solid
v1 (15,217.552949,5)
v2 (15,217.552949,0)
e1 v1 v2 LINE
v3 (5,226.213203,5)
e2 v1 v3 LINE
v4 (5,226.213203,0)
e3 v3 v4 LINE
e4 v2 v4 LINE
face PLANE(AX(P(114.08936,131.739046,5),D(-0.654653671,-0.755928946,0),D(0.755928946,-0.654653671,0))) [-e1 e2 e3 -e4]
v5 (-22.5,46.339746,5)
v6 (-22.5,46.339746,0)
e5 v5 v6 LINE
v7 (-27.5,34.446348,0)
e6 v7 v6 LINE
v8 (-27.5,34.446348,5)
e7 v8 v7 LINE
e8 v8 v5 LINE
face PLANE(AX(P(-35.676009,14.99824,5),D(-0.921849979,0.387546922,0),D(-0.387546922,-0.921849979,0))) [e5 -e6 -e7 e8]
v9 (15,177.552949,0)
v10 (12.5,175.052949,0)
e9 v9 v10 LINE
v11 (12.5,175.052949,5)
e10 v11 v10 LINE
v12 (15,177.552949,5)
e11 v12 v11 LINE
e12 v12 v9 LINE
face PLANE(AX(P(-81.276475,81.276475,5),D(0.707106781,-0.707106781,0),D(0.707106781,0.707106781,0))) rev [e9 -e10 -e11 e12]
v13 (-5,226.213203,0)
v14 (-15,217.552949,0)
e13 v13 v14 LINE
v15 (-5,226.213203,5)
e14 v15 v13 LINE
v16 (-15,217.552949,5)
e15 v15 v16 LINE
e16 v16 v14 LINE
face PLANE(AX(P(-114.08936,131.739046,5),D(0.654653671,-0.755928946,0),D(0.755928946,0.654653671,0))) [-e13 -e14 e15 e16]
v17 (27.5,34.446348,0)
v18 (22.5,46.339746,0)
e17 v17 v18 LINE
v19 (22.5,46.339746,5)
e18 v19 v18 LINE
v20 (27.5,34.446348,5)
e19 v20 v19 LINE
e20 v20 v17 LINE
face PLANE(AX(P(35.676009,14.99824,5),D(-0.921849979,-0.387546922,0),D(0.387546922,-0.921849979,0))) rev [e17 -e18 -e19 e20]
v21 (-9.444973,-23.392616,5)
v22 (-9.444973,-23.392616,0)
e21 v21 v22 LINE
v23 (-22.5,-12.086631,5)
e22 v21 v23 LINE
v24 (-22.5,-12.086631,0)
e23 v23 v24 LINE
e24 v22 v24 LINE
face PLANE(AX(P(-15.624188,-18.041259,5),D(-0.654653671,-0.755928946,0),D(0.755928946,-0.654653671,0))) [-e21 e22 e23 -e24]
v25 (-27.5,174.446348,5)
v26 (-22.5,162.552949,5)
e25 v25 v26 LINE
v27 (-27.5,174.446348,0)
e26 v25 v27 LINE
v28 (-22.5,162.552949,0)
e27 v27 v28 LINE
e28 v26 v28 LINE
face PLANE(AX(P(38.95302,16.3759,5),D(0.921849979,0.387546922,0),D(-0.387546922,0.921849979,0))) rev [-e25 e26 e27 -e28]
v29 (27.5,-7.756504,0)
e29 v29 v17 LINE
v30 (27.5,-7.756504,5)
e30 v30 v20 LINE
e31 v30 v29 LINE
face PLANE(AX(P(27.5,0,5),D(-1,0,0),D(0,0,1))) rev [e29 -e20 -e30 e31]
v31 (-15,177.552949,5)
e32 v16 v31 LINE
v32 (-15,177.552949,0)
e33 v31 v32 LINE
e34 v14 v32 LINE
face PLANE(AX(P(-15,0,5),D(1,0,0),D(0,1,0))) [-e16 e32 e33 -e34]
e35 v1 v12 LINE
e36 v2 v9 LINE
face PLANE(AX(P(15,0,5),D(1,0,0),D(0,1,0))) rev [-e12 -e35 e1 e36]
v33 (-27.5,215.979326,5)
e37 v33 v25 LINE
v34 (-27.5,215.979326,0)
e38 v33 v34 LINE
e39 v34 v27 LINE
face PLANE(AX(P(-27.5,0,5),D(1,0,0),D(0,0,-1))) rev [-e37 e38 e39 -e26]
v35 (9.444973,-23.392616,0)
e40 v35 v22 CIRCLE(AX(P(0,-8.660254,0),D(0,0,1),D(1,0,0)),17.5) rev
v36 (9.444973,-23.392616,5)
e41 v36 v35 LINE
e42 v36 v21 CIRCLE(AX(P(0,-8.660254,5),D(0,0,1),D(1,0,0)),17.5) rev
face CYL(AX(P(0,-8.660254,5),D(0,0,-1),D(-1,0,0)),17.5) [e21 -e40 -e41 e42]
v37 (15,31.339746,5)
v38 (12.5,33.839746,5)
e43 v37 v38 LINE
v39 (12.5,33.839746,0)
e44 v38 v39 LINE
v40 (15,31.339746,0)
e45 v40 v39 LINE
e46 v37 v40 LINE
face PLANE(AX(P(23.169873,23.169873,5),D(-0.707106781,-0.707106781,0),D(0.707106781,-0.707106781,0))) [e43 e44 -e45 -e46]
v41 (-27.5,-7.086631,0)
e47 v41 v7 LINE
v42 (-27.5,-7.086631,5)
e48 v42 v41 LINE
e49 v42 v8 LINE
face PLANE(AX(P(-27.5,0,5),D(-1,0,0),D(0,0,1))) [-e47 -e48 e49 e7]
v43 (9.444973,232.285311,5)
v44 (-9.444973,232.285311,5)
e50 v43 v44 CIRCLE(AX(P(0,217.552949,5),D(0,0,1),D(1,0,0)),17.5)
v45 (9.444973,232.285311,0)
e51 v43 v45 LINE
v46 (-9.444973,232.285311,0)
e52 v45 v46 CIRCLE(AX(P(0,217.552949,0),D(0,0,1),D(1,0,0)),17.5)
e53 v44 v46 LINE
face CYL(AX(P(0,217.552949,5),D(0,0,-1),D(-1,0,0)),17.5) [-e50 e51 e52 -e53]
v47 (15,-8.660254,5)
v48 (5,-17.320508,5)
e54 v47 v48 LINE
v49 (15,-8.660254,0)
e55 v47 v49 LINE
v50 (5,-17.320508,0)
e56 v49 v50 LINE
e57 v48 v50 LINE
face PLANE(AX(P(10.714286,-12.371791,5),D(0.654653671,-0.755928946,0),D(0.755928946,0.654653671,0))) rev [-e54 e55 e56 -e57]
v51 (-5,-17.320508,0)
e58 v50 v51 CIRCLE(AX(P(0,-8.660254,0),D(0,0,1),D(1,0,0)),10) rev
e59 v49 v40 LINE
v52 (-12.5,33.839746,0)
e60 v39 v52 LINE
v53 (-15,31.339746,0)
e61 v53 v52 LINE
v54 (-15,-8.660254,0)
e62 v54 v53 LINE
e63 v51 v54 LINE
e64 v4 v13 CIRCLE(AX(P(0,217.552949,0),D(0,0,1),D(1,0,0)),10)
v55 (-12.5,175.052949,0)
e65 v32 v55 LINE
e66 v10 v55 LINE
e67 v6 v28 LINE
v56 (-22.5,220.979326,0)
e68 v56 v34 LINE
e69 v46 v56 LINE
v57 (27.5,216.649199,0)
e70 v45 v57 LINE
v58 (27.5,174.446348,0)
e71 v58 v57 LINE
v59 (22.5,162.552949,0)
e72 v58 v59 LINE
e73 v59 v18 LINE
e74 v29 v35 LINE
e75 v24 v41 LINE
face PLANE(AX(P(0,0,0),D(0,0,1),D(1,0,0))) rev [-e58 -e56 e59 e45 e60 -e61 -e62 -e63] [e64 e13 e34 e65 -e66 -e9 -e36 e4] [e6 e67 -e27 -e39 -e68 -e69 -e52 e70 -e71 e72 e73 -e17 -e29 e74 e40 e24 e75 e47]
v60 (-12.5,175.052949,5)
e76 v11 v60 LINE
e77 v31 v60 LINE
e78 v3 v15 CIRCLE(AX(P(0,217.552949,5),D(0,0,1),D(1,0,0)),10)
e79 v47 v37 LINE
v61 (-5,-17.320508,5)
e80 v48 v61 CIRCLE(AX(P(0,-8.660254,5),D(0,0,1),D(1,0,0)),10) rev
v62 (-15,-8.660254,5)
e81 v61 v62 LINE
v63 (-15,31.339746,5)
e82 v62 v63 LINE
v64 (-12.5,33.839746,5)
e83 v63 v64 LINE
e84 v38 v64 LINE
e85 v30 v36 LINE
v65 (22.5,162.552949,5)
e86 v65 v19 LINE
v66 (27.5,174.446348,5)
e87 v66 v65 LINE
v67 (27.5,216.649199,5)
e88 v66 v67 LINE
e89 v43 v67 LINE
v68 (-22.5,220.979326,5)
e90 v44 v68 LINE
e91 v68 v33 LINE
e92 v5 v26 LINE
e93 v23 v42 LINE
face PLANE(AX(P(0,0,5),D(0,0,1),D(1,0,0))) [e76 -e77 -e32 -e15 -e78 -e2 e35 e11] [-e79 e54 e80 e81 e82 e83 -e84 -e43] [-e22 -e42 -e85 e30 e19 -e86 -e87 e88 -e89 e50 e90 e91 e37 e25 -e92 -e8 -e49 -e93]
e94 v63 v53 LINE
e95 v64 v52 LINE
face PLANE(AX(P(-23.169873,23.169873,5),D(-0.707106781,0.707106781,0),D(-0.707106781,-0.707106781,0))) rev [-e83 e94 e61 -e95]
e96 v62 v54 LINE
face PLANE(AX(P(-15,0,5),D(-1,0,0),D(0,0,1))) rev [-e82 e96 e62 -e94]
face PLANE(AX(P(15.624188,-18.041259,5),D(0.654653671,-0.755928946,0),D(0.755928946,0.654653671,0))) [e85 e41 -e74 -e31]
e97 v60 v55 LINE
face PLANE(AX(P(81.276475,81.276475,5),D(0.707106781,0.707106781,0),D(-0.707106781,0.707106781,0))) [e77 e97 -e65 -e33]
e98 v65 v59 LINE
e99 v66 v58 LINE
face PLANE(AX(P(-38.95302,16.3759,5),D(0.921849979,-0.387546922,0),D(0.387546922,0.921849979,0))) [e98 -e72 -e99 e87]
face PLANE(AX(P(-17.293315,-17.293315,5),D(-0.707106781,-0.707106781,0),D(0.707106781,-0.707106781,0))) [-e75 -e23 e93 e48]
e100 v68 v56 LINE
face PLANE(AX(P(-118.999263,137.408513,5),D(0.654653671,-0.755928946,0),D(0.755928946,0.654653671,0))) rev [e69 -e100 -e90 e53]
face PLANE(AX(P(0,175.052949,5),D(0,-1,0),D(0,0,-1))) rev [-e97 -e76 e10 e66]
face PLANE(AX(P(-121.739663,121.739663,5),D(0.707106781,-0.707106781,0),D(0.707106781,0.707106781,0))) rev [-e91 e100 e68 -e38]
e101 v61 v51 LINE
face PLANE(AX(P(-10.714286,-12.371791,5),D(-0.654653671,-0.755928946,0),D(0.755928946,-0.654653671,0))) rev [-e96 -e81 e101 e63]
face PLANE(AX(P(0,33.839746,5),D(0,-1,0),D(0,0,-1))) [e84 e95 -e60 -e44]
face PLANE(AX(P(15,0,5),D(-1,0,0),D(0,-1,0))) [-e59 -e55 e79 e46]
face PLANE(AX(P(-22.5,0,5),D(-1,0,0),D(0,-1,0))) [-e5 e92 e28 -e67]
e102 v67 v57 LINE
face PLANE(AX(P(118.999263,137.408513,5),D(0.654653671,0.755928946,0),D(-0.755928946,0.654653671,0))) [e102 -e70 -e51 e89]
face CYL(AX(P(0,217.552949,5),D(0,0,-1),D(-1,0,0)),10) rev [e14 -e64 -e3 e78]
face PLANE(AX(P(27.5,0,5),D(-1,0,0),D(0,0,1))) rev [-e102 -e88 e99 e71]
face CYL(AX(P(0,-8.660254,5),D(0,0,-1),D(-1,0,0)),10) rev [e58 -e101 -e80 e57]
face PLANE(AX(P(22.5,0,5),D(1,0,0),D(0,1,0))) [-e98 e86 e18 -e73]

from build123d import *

# Parameters (mm, degrees)
BOSS_EXTRUDE1_DEPTH = 5


with BuildPart() as part:
    # Sketch1 → Boss-Extrude1 (new body)
    with BuildSketch(Plane.XY):
        with BuildLine():
            ThreePointArc((9.444973397, -23.392615611), (0, -26.160254038), (-9.444973397, -23.392615611))
            Line((-9.444973397, -23.392615611), (-22.5, -12.086630926))
            Line((-22.5, -12.086630926), (-22.5, 34.44634768))
            Line((-22.5, 34.44634768), (-15.606601718, 41.339745962))
            Line((-15.606601718, 41.339745962), (15.606601718, 41.339745962))
            Line((15.606601718, 41.339745962), (22.5, 34.44634768))
            Line((22.5, 34.44634768), (22.5, -12.086630926))
            Line((22.5, -12.086630926), (9.444973397, -23.392615611))
        make_face()
        with BuildLine():
            Line((15, -8.660254038), (5, -17.320508076))
            ThreePointArc((5, -17.320508076), (0, -18.660254038), (-5, -17.320508076))
            Line((-5, -17.320508076), (-15, -8.660254038))
            Line((-15, -8.660254038), (-15, 31.339745962))
            Line((-15, 31.339745962), (-12.5, 33.839745962))
            Line((-12.5, 33.839745962), (12.5, 33.839745962))
            Line((12.5, 33.839745962), (15, 31.339745962))
            Line((15, 31.339745962), (15, -8.660254038))
        make_face(mode=Mode.SUBTRACT)
        Polygon((22.5, 174.44634768), (15.606601718, 167.552949398), (-15.606601718, 167.552949398), (-22.5, 174.44634768), (-22.5, 34.44634768), (-15.606601718, 41.339745962), (15.606601718, 41.339745962), (22.5, 34.44634768), align=None)
        with BuildLine():
            Line((22.5, 220.979326286), (9.444973397, 232.285310971))
            ThreePointArc((9.444973397, 232.285310971), (0, 235.052949398), (-9.444973397, 232.285310971))
            Line((-9.444973397, 232.285310971), (-22.5, 220.979326286))
            Line((-22.5, 220.979326286), (-22.5, 174.44634768))
            Line((-22.5, 174.44634768), (-15.606601718, 167.552949398))
            Line((-15.606601718, 167.552949398), (15.606601718, 167.552949398))
            Line((15.606601718, 167.552949398), (22.5, 174.44634768))
            Line((22.5, 174.44634768), (22.5, 220.979326286))
        make_face()
        with BuildLine():
            ThreePointArc((5, 226.213203436), (0, 227.552949398), (-5, 226.213203436))
            Line((-5, 226.213203436), (-15, 217.552949398))
            Line((-15, 217.552949398), (-15, 177.552949398))
            Line((-15, 177.552949398), (-12.5, 175.052949398))
            Line((-12.5, 175.052949398), (12.5, 175.052949398))
            Line((12.5, 175.052949398), (15, 177.552949398))
            Line((15, 177.552949398), (15, 217.552949398))
            Line((15, 217.552949398), (5, 226.213203436))
        make_face(mode=Mode.SUBTRACT)
        Polygon((-22.5, -12.086630926), (-22.5, 34.44634768), (-22.5, 46.339745962), (-27.5, 34.44634768), (-27.5, 29.44634768), (-27.5, -7.086630926), align=None)
        Polygon((22.5, -12.086630926), (27.5, -7.756503907), (27.5, 29.44634768), (22.5, 34.44634768), align=None)
        Polygon((22.5, 46.339745962), (22.5, 34.44634768), (27.5, 29.44634768), (27.5, 34.44634768), align=None)
        Polygon((22.5, 174.44634768), (22.5, 162.552949398), (27.5, 174.44634768), (27.5, 179.44634768), (27.5, 216.649199267), (22.5, 220.979326286), align=None)
        Polygon((-27.5, 174.44634768), (-22.5, 162.552949398), (-22.5, 174.44634768), (-22.5, 220.979326286), (-27.5, 215.979326286), (-27.5, 179.44634768), align=None)
    extrude(amount=BOSS_EXTRUDE1_DEPTH)


solid = part.part
